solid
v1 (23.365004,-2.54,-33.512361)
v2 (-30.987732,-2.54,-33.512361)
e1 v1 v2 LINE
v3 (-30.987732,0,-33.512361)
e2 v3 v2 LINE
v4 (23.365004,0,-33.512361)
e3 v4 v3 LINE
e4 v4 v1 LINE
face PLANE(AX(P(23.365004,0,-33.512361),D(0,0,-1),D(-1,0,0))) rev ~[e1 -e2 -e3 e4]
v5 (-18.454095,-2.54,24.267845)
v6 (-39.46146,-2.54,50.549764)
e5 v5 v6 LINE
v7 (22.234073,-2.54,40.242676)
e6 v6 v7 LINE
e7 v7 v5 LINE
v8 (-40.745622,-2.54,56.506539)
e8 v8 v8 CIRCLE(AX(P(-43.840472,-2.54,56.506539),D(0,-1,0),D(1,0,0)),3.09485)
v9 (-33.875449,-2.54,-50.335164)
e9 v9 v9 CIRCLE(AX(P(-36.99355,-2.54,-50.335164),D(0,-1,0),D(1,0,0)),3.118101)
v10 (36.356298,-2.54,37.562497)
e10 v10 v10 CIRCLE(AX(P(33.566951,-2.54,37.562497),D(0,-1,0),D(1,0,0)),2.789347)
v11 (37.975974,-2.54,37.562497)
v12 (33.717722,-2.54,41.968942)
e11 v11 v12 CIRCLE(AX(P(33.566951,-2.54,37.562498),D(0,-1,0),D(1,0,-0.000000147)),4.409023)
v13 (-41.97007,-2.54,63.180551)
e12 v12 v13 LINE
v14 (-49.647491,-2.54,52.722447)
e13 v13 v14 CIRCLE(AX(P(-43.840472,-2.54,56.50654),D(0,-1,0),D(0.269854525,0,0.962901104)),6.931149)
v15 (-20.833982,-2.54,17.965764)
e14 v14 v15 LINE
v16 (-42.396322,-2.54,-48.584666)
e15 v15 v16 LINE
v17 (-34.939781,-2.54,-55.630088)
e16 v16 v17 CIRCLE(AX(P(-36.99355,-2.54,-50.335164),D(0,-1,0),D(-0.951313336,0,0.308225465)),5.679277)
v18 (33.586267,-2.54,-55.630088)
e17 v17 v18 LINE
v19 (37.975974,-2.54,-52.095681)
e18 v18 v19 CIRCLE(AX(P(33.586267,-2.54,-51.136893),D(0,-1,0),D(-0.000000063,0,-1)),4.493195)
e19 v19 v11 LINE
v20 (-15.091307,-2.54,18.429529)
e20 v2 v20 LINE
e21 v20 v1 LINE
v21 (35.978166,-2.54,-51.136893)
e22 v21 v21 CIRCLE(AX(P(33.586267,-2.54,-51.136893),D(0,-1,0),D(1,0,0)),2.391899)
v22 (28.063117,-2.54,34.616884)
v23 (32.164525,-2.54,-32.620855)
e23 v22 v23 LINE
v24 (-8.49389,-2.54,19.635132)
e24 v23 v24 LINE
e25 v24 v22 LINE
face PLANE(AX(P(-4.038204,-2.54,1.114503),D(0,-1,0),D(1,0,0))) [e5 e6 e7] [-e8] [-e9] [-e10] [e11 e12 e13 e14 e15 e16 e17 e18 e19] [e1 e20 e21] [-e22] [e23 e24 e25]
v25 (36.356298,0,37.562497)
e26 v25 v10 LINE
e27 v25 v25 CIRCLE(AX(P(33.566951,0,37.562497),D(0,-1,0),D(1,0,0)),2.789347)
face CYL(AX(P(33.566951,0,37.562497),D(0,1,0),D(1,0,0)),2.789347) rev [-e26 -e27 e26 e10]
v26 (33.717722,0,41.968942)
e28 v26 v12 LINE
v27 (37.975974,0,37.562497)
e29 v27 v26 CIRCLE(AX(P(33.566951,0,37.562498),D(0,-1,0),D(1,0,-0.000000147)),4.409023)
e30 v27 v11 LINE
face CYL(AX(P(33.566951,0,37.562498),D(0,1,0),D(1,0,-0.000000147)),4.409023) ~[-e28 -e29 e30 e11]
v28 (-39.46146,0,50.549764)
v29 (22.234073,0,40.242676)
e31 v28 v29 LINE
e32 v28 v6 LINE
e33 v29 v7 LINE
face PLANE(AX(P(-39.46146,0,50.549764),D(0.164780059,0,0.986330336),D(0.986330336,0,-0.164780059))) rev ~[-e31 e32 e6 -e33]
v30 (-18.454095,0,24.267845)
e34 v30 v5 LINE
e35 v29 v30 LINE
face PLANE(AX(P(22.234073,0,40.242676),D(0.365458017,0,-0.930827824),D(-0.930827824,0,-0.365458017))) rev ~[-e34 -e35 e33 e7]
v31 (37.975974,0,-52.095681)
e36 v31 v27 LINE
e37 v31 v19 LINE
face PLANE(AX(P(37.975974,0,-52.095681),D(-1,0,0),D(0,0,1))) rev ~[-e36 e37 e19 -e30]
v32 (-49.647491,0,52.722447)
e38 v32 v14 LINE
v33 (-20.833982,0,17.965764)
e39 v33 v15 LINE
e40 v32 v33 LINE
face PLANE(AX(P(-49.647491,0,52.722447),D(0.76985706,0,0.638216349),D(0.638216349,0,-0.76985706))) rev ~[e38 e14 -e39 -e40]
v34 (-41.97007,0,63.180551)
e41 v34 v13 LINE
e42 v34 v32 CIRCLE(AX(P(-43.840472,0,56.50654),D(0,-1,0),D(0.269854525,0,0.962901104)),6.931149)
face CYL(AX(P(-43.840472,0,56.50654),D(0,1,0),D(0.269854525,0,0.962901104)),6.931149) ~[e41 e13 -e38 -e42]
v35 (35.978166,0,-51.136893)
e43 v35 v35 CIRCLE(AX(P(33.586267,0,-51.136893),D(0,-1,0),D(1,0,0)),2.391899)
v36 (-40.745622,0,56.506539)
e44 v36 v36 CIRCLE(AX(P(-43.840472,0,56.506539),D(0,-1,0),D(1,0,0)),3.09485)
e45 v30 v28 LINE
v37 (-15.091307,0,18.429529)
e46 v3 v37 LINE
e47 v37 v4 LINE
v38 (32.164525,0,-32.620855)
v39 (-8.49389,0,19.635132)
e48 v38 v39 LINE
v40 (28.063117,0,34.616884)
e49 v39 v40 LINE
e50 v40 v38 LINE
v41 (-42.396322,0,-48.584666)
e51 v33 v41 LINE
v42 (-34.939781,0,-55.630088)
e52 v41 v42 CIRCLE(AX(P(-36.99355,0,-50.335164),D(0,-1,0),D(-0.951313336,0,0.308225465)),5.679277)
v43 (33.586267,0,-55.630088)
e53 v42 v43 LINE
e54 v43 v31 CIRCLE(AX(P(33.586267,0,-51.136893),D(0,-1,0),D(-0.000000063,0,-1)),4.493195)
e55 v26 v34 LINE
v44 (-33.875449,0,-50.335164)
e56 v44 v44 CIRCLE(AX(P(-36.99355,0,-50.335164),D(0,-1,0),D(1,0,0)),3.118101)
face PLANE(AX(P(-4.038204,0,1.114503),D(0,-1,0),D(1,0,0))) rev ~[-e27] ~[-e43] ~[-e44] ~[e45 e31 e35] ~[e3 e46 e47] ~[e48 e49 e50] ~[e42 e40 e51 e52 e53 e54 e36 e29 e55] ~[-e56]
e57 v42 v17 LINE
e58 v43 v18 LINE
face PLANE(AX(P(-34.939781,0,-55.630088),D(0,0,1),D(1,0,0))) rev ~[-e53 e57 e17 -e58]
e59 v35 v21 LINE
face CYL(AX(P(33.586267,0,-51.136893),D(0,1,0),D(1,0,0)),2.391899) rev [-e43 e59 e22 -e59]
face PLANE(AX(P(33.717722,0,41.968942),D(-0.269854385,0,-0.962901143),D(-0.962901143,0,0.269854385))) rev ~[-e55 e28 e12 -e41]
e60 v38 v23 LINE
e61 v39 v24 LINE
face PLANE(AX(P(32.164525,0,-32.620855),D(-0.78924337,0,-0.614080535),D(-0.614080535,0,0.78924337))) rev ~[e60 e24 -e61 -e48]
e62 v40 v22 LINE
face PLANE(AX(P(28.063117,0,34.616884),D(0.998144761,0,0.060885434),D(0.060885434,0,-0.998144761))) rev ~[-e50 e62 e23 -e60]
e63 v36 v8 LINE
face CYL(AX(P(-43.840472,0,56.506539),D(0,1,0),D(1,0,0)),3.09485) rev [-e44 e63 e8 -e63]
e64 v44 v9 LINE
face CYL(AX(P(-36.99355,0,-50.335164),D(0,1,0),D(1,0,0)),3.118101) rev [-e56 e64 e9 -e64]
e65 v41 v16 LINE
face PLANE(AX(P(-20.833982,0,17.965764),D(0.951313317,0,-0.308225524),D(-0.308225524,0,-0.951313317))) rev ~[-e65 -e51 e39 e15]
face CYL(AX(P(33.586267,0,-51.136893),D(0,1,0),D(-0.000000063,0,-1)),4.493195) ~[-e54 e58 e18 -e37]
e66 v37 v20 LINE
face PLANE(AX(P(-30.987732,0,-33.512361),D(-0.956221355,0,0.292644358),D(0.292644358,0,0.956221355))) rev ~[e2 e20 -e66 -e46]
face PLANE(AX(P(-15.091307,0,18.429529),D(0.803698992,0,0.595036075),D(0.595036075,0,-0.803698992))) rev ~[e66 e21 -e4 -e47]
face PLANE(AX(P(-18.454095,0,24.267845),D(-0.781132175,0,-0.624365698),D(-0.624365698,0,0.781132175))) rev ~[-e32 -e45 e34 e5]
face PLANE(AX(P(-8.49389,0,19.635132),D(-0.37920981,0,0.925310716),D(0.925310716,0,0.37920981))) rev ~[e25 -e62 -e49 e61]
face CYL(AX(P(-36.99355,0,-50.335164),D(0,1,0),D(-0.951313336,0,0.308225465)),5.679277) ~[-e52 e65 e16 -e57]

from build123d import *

# Parameters (mm, degrees)
F0_R     = 3.118101
F0_R_2   = 2.391899
F0_R_3   = 3.09485
F0_R_4   = 2.789347
F1_DEPTH = 2.54


with BuildPart() as f1:
    # F0 (on Front) → F1 (new body)
    with BuildSketch(Plane.XZ):
        with BuildLine():
            ThreePointArc((-42.396322, -48.584666), (-40.893992, -54.463207), (-34.939781, -55.630088))
            Line((-34.939781, -55.630088), (33.586267, -55.630088))
            ThreePointArc((33.586267, -55.630088), (36.404137, -54.636666), (37.975974, -52.095681))
            Line((37.975974, -52.095681), (37.975974, 37.562497))
            ThreePointArc((37.975974, 37.562497), (36.737459, 40.626378), (33.717722, 41.968942))
            Line((33.717722, 41.968942), (-41.97007, 63.180551))
            ThreePointArc((-41.97007, 63.180551), (-49.42771, 60.608198), (-49.647491, 52.722447))
            Line((-49.647491, 52.722447), (-20.833982, 17.965764))
            Line((-20.833982, 17.965764), (-42.396322, -48.584666))
        make_face()
        with Locations((-36.99355, -50.335164)):
            Circle(F0_R, mode=Mode.SUBTRACT)
        with Locations((33.586267, -51.136893)):
            Circle(F0_R_2, mode=Mode.SUBTRACT)
        Polygon((23.365004, -33.512361), (-30.987732, -33.512361), (-15.091307, 18.429529), align=None, mode=Mode.SUBTRACT)
        Polygon((28.063117, 34.616884), (32.164525, -32.620855), (-8.49389, 19.635132), align=None, mode=Mode.SUBTRACT)
        with Locations((-43.840472, 56.506539)):
            Circle(F0_R_3, mode=Mode.SUBTRACT)
        Polygon((22.234073, 40.242676), (-18.454095, 24.267845), (-39.46146, 50.549764), align=None, mode=Mode.SUBTRACT)
        with Locations((33.566951, 37.562497)):
            Circle(F0_R_4, mode=Mode.SUBTRACT)
    extrude(amount=F1_DEPTH)


solid = f1.part
